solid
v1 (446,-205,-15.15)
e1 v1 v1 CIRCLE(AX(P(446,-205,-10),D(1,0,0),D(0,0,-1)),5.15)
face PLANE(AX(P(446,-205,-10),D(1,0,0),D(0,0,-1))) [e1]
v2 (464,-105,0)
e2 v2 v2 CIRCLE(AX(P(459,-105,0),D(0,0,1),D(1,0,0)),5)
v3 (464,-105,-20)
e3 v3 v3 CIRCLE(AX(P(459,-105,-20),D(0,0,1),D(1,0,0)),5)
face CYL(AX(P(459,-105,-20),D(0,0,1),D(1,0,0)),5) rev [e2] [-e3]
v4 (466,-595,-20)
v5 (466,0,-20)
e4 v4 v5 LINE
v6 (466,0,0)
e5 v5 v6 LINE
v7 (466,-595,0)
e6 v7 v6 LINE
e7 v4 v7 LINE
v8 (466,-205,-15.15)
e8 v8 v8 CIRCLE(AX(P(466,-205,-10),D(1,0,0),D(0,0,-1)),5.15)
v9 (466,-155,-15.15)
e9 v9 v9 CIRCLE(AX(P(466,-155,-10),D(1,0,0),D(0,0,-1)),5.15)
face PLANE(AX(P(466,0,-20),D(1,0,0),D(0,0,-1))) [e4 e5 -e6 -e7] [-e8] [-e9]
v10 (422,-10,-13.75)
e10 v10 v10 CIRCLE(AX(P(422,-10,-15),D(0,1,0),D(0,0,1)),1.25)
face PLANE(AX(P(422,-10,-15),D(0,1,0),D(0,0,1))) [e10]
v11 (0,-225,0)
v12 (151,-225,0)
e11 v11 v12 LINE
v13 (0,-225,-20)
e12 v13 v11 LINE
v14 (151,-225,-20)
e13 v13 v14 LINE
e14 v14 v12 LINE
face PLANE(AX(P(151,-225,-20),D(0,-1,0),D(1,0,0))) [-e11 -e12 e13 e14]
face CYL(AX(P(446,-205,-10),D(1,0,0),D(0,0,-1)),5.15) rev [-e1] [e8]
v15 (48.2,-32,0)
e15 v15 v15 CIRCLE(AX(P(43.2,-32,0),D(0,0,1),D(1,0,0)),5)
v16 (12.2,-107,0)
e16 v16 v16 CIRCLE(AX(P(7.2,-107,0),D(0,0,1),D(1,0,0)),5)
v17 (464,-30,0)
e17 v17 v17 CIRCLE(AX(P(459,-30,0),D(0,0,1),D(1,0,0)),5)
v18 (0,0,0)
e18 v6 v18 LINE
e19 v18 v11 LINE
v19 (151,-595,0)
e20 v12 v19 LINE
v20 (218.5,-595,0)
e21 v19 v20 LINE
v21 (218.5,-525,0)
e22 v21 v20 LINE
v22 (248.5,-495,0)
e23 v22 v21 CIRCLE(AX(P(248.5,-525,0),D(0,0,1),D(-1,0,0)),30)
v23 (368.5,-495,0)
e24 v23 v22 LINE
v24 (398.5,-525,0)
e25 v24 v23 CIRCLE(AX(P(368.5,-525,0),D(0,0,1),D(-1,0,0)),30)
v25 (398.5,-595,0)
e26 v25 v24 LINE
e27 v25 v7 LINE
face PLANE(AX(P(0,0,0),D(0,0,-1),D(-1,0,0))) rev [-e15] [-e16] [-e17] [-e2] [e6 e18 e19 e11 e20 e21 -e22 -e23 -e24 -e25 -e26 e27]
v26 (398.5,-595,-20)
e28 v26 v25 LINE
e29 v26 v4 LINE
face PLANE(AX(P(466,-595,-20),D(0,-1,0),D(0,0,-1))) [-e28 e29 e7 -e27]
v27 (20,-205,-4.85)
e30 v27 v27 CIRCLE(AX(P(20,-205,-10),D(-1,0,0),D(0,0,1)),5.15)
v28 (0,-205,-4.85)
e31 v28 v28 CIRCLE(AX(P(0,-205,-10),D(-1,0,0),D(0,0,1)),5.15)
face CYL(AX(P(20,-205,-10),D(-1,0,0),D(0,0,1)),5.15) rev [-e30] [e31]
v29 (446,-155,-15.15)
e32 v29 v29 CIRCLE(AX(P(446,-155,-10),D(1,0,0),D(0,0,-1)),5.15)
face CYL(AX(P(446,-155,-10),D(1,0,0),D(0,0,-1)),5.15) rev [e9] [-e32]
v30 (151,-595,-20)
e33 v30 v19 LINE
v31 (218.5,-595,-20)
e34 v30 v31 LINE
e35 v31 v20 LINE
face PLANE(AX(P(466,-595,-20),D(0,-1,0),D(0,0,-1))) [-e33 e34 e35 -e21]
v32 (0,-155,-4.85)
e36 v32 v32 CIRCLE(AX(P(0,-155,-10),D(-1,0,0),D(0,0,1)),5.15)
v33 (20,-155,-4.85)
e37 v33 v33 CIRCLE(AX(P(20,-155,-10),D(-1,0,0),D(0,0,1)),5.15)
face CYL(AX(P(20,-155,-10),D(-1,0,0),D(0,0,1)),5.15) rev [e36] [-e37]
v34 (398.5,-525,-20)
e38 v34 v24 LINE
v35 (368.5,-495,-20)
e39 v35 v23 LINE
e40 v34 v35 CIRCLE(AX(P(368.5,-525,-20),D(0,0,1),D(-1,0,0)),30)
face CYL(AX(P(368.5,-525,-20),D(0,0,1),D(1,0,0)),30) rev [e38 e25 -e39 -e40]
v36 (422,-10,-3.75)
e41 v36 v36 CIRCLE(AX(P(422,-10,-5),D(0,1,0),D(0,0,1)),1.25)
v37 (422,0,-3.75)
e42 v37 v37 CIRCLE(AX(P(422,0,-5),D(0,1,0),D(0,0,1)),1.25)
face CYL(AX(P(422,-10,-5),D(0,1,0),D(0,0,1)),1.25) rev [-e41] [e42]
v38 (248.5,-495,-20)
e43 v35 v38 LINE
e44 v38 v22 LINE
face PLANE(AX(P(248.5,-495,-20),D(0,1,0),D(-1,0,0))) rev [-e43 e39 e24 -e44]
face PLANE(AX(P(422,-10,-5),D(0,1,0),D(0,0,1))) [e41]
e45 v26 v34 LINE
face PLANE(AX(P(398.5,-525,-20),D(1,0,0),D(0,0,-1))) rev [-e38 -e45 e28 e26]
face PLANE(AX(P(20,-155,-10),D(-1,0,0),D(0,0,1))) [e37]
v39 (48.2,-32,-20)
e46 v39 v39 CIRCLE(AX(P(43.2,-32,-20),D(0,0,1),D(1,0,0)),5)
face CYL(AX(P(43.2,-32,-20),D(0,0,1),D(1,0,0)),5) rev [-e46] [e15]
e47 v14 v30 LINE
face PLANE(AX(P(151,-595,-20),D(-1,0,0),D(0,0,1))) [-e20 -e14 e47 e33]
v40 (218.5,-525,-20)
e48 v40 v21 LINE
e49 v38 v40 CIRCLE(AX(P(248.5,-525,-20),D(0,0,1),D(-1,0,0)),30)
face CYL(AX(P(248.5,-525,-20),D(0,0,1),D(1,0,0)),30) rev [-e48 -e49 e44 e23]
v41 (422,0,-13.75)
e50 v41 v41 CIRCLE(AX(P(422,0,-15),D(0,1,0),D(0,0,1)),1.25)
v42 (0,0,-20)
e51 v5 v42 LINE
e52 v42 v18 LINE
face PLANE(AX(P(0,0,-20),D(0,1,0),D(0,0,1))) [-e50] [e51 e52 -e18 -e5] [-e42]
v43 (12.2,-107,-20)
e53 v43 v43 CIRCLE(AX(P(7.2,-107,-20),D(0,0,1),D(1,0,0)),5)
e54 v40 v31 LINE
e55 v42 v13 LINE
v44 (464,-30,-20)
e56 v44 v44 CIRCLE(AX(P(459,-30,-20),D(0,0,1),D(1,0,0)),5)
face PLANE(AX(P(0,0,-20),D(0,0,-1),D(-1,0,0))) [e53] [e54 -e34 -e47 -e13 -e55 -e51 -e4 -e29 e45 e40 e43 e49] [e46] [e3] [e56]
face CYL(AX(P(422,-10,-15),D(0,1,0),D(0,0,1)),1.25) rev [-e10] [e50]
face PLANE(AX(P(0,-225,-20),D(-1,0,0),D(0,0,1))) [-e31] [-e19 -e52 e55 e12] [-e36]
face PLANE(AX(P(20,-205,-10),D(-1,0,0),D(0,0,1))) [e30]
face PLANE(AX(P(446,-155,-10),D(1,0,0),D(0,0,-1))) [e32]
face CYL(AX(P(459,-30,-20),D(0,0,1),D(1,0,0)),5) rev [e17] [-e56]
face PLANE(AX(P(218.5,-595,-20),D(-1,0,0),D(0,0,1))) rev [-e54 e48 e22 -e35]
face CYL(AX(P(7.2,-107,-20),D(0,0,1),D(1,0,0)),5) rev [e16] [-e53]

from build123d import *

# Parameters (mm, degrees)
EXTRUDE_1_DEPTH     = 20
SKETCH_2_R          = 5
CUT_EXTRUDE_1_DEPTH = 757.029761319
SKETCH_3_R          = 5.15
CUT_EXTRUDE_2_DEPTH = 20
CUT_EXTRUDE_START   = -20
SKETCH_4_R          = 5.15
CUT_EXTRUDE_3_DEPTH = 20
SKETCH_5_R          = 1.25
CUT_EXTRUDE_4_DEPTH = 10


with BuildPart() as part:
    # 草图1 → 凸台-拉伸1 (new body)
    with BuildSketch(Plane.XY):
        Polygon((0, 0), (466, 0), (466, -595), (151, -595), (151, -225), (0, -225), align=None)
    extrude(amount=-EXTRUDE_1_DEPTH)

    # 草图2 → 切除-拉伸1 (cut, through all)
    with BuildSketch(Plane.XY):
        with Locations((43.2, -32)):
            Circle(SKETCH_2_R)
        with Locations((459, -30)):
            Circle(SKETCH_2_R)
        with Locations((459, -105)):
            Circle(SKETCH_2_R)
        with Locations((7.2, -107)):
            Circle(SKETCH_2_R)
        with BuildLine():
            Line((218.5, -595), (218.5, -525))
            ThreePointArc((218.5, -525), (227.286796564, -503.786796564), (248.5, -495))
            Line((248.5, -495), (368.5, -495))
            ThreePointArc((368.5, -495), (389.713203436, -503.786796564), (398.5, -525))
            Line((398.5, -525), (398.5, -595))
            Line((398.5, -595), (218.5, -595))
        make_face()
    extrude(amount=-CUT_EXTRUDE_1_DEPTH, mode=Mode.SUBTRACT)

    # 草图3 → 切除-拉伸2 (cut)
    with BuildSketch(Plane.ZY):
        with Locations((-10, -155)):
            Circle(SKETCH_3_R)
        with Locations((-10, -205)):
            Circle(SKETCH_3_R)
    extrude(amount=-CUT_EXTRUDE_2_DEPTH, mode=Mode.SUBTRACT)

    # 草图4 → 切除-拉伸3 (cut)
    with BuildSketch(Plane(origin=(466, 0, 0), x_dir=(0, 0, -1), z_dir=(1, 0, 0)).offset(CUT_EXTRUDE_START)):
        with Locations(Location((10, -155, 0), (0, 0, 180))):
            Circle(SKETCH_4_R)
        with Locations(Location((10, -205, 0), (0, 0, 180))):
            Circle(SKETCH_4_R)
    extrude(amount=CUT_EXTRUDE_3_DEPTH, mode=Mode.SUBTRACT)

    # 草图5 → 切除-拉伸4 (cut)
    with BuildSketch(Plane(origin=(0, 0, 0), x_dir=(1, 0, 0), z_dir=(0, 1, 0))):
        with Locations(Location((422, 15, 0), (0, 0, 270))):
            Circle(SKETCH_5_R)
        with Locations(Location((422, 5, 0), (0, 0, 270))):
            Circle(SKETCH_5_R)
    extrude(amount=-CUT_EXTRUDE_4_DEPTH, mode=Mode.SUBTRACT)


solid = part.part
